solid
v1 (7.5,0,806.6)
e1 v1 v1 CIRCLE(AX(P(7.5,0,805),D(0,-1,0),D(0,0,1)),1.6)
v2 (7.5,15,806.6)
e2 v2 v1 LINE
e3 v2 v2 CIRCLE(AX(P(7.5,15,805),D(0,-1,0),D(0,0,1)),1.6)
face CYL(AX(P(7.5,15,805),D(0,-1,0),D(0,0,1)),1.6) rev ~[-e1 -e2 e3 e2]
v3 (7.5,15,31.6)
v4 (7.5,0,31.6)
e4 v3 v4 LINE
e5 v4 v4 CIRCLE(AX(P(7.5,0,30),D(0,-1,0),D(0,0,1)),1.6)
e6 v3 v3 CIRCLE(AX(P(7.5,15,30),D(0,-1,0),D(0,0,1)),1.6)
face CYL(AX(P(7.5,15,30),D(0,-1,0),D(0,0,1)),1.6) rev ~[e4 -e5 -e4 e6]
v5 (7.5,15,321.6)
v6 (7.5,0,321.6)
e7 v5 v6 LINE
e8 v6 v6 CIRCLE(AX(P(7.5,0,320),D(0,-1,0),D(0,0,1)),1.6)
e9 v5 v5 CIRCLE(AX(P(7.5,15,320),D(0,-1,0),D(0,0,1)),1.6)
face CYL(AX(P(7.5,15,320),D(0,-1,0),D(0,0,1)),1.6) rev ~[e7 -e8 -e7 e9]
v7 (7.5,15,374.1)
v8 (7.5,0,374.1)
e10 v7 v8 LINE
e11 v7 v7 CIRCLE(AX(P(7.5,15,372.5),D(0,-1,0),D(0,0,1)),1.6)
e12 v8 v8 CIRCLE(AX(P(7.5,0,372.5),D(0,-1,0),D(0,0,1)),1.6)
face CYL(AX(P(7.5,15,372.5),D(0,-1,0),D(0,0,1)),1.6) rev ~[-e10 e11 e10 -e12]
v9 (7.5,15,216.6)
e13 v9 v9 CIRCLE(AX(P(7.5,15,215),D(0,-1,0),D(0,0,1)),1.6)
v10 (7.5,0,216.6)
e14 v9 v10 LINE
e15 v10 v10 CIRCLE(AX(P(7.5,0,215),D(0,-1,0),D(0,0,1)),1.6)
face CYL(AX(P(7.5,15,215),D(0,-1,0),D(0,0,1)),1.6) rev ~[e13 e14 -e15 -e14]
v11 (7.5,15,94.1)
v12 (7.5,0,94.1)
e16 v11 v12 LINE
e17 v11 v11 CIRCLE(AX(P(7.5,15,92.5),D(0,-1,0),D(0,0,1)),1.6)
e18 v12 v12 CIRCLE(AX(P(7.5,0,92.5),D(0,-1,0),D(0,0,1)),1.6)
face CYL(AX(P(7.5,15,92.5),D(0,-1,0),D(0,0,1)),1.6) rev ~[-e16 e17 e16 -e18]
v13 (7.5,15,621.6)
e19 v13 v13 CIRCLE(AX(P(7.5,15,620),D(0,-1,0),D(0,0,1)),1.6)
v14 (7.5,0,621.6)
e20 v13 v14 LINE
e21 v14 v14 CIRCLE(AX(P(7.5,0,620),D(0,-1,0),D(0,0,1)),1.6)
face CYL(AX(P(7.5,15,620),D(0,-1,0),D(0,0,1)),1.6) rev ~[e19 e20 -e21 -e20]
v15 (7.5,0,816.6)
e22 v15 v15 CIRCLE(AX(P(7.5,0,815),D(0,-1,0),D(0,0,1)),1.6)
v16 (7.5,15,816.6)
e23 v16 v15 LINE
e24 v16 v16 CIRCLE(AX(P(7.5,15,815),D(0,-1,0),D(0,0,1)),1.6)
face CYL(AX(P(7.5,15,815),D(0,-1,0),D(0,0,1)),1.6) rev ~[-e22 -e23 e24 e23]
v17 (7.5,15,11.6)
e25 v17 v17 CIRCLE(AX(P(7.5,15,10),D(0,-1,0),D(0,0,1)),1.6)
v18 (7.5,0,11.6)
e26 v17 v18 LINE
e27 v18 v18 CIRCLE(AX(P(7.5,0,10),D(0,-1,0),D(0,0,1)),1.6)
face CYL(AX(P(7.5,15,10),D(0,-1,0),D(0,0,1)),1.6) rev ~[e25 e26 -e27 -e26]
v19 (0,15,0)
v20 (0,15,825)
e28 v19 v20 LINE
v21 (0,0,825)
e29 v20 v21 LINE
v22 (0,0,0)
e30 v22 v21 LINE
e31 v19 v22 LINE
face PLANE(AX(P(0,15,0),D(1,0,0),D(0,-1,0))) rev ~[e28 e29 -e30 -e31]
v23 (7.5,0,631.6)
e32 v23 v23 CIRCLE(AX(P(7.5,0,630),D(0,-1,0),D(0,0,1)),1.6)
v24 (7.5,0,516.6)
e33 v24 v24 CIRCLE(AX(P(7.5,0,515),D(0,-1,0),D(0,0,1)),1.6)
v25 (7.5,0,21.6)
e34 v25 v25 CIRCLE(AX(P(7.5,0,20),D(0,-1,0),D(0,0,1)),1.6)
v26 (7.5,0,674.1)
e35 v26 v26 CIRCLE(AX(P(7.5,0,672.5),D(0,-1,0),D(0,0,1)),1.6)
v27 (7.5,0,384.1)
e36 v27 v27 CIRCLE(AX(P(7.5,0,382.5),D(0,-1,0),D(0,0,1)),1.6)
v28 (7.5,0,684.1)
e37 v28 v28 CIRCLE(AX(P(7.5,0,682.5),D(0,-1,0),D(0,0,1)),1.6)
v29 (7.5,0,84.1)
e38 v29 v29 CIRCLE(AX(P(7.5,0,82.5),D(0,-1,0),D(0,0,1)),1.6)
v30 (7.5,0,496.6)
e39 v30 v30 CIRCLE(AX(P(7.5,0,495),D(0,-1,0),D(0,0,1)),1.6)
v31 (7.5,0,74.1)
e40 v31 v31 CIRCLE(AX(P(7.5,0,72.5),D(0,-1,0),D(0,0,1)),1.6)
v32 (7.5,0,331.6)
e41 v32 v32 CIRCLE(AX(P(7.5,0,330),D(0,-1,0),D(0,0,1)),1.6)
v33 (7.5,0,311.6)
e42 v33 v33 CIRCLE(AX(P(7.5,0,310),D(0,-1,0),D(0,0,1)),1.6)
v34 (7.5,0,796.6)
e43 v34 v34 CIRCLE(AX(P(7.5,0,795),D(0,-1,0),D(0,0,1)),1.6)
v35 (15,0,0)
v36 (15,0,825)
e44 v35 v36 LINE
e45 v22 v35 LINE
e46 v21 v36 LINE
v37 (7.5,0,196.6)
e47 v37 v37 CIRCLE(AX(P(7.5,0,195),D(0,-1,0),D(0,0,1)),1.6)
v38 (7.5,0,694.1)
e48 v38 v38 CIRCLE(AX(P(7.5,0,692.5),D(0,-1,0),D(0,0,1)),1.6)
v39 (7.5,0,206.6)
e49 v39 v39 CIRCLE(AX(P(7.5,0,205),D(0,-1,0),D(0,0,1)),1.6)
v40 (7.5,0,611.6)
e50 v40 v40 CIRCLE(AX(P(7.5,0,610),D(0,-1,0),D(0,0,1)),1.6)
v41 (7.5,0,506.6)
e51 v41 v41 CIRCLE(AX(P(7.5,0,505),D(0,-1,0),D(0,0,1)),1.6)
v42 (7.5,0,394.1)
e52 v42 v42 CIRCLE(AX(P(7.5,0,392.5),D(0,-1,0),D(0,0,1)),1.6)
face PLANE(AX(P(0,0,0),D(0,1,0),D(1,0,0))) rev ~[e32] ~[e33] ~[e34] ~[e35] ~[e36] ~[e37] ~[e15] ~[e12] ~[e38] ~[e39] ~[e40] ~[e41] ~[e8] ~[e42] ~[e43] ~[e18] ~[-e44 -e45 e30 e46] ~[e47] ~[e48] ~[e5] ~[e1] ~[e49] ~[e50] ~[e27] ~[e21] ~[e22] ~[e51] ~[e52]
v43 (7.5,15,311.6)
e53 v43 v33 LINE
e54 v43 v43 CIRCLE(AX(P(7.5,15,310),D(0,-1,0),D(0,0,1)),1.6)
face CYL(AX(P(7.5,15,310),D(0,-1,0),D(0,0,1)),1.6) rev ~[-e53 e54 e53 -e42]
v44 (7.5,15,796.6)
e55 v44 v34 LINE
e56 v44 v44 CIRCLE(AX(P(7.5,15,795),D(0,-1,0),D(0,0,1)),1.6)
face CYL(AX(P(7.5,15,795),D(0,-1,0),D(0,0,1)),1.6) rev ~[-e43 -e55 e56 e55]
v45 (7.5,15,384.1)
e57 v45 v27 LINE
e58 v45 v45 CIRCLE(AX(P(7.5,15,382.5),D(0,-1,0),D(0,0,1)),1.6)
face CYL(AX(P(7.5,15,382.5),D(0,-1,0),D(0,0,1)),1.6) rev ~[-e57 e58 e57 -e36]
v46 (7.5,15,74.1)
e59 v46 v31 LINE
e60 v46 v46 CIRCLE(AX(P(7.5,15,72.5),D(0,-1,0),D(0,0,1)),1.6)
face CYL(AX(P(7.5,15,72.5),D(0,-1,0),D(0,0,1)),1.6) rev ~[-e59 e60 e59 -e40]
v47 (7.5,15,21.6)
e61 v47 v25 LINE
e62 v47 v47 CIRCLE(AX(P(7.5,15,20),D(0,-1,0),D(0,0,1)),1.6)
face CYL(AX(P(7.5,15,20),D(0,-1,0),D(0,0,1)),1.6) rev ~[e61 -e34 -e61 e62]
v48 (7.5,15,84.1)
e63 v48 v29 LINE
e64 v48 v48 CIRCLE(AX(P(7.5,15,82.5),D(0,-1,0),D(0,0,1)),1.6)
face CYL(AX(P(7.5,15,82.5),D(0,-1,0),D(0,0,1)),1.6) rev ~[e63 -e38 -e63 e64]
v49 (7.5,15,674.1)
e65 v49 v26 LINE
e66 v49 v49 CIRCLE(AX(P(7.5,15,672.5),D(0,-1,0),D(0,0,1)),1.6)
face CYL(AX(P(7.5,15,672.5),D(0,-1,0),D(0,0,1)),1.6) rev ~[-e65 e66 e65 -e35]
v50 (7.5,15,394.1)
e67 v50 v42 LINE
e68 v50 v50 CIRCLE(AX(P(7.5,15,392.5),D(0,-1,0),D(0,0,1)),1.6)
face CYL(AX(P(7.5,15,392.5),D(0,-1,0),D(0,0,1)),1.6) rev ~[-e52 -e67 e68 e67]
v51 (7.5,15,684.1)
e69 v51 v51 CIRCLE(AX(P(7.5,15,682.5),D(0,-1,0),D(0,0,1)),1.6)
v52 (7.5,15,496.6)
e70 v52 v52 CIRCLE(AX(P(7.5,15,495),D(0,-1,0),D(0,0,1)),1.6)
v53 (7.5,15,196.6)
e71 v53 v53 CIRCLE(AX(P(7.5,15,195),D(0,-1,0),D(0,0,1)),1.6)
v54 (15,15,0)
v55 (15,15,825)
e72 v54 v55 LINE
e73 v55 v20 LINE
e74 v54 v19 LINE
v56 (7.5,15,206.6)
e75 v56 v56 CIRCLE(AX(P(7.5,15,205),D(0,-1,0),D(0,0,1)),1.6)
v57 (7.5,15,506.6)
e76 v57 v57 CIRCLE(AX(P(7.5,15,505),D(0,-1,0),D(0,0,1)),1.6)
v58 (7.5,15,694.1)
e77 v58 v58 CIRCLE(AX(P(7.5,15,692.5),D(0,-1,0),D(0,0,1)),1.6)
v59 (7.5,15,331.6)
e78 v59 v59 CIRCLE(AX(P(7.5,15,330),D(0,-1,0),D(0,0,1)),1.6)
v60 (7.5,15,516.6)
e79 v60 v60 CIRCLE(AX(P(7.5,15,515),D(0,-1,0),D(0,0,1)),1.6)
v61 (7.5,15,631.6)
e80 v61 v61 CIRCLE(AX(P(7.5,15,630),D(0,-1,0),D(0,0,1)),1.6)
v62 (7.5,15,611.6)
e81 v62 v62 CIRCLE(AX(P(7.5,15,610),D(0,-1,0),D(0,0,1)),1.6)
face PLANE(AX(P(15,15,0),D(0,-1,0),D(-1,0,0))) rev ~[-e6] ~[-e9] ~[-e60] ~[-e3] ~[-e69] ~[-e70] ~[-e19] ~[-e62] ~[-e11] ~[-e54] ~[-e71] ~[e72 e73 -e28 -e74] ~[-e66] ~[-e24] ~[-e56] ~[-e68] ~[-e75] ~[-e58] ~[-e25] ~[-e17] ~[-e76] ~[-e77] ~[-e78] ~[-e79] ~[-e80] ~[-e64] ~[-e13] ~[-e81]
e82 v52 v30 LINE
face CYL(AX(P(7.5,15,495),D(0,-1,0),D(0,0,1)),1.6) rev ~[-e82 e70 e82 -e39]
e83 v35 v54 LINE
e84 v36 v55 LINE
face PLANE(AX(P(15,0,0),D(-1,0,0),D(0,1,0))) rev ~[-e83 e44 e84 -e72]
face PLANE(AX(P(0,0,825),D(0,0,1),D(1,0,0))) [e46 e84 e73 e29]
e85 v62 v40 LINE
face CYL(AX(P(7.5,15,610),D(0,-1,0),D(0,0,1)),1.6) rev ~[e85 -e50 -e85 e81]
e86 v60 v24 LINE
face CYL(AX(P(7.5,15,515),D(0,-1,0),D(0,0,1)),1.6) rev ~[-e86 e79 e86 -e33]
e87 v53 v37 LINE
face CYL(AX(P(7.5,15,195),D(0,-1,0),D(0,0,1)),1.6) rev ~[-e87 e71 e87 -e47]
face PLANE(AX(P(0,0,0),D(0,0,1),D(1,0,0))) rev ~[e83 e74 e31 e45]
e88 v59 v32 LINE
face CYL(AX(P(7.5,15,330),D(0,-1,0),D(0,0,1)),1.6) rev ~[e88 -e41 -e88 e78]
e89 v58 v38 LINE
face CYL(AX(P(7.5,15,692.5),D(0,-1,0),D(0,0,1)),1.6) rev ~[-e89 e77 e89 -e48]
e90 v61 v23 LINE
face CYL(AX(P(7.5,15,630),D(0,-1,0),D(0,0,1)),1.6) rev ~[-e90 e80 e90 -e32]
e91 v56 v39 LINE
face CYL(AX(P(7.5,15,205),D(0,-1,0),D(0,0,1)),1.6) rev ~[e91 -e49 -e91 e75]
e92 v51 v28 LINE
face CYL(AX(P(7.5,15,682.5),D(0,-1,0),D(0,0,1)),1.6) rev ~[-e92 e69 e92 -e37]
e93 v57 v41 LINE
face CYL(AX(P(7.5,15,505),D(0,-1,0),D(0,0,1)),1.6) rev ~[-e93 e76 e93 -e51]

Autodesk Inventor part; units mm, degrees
ref_plane "YZ Plane" through (0, 0, 0) normal (1, 0, 0) x (0, 1, 0)
ref_plane "XZ Plane" through (0, 0, 0) normal (0, 1, 0) x (-1, 0, 0)
ref_plane "XY Plane" through (0, 0, 0) normal (0, 0, 1) x (1, 0, 0)
sketch "スケッチ1" plane through (0, 0, 0) normal (0, 0, 1) x (1, 0, 0)
  line L0 (0, 0) -> (15, 0)
  line L1 (15, 0) -> (15, 15)
  line L2 (15, 15) -> (0, 15)
  line L3 (0, 15) -> (0, 0)
  dimension "d0" = 15
  dimension "d1" = 15
extrude "押し出し1" add sketch "スケッチ1" along normal blind 825
sketch "スケッチ2" plane through (0, 15, 825) normal (0, 1, 0) x (1, 0, 0)
  line L0 (15, 0) -> (0, 0) projected
  line L1 (15, 825) -> (15, 0) projected
  point P0 (0, 825)
  point P1 (7.5, 310)
  point P2 (7.5, 320)
  point P3 (7.5, 330)
  point P4 (7.5, 432.5)
  point P5 (7.5, 442.5)
  point P6 (7.5, 452.5)
  point P7 (7.5, 495)
  point P8 (7.5, 505)
  point P9 (7.5, 515)
  point P10 (7.5, 610)
  point P11 (7.5, 620)
  point P12 (7.5, 630)
  point P13 (7.5, 732.5)
  point P14 (7.5, 742.5)
  point P15 (7.5, 752.5)
  point P16 (7.5, 795)
  point P17 (7.5, 805)
  point P18 (7.5, 815)
  point P19 (7.5, 215)
  point P20 (7.5, 205)
  point P21 (7.5, 195)
  point P22 (7.5, 152.5)
  point P23 (7.5, 142.5)
  point P24 (7.5, 132.5)
  point P25 (7.5, 30)
  point P26 (7.5, 20)
  point P27 (7.5, 10)
  dimension "d4" = 310
  dimension "d5" = 7.5
  dimension "d6" = 10
  dimension "d7" = 10
  dimension "d8" = 102.5
  dimension "d9" = 10
  dimension "d10" = 10
  dimension "d11" = 42.5
  dimension "d12" = 10
  dimension "d13" = 10
  dimension "d14" = 95
  dimension "d15" = 10
  dimension "d16" = 10
  dimension "d17" = 102.5
  dimension "d18" = 10
  dimension "d19" = 10
  dimension "d20" = 42.5
  dimension "d21" = 10
  dimension "d22" = 10
  dimension "d23" = 95
  dimension "d24" = 10
  dimension "d25" = 10
  dimension "d26" = 42.5
  dimension "d27" = 10
  dimension "d28" = 10
  dimension "d29" = 102.5
  dimension "d30" = 10
  dimension "d31" = 10
hole "穴1" at (7.5, 15, 515) at (7.5, 15, 505) at (7.5, 15, 495) at (7.5, 15, 392.5) at (7.5, 15, 382.5) at (7.5, 15, 372.5) at (7.5, 15, 330) at (7.5, 15, 320) at (7.5, 15, 310) at (7.5, 15, 215) at (7.5, 15, 205) at (7.5, 15, 195) at (7.5, 15, 92.5) at (7.5, 15, 82.5) at (7.5, 15, 72.5) at (7.5, 15, 30) at (7.5, 15, 20) at (7.5, 15, 10) at (7.5, 15, 610) at (7.5, 15, 620) at (7.5, 15, 630) at (7.5, 15, 672.5) at (7.5, 15, 682.5) at (7.5, 15, 692.5) at (7.5, 15, 795) at (7.5, 15, 805) at (7.5, 15, 815) direction (0, -1, 0) diameter 3.2 end through all
